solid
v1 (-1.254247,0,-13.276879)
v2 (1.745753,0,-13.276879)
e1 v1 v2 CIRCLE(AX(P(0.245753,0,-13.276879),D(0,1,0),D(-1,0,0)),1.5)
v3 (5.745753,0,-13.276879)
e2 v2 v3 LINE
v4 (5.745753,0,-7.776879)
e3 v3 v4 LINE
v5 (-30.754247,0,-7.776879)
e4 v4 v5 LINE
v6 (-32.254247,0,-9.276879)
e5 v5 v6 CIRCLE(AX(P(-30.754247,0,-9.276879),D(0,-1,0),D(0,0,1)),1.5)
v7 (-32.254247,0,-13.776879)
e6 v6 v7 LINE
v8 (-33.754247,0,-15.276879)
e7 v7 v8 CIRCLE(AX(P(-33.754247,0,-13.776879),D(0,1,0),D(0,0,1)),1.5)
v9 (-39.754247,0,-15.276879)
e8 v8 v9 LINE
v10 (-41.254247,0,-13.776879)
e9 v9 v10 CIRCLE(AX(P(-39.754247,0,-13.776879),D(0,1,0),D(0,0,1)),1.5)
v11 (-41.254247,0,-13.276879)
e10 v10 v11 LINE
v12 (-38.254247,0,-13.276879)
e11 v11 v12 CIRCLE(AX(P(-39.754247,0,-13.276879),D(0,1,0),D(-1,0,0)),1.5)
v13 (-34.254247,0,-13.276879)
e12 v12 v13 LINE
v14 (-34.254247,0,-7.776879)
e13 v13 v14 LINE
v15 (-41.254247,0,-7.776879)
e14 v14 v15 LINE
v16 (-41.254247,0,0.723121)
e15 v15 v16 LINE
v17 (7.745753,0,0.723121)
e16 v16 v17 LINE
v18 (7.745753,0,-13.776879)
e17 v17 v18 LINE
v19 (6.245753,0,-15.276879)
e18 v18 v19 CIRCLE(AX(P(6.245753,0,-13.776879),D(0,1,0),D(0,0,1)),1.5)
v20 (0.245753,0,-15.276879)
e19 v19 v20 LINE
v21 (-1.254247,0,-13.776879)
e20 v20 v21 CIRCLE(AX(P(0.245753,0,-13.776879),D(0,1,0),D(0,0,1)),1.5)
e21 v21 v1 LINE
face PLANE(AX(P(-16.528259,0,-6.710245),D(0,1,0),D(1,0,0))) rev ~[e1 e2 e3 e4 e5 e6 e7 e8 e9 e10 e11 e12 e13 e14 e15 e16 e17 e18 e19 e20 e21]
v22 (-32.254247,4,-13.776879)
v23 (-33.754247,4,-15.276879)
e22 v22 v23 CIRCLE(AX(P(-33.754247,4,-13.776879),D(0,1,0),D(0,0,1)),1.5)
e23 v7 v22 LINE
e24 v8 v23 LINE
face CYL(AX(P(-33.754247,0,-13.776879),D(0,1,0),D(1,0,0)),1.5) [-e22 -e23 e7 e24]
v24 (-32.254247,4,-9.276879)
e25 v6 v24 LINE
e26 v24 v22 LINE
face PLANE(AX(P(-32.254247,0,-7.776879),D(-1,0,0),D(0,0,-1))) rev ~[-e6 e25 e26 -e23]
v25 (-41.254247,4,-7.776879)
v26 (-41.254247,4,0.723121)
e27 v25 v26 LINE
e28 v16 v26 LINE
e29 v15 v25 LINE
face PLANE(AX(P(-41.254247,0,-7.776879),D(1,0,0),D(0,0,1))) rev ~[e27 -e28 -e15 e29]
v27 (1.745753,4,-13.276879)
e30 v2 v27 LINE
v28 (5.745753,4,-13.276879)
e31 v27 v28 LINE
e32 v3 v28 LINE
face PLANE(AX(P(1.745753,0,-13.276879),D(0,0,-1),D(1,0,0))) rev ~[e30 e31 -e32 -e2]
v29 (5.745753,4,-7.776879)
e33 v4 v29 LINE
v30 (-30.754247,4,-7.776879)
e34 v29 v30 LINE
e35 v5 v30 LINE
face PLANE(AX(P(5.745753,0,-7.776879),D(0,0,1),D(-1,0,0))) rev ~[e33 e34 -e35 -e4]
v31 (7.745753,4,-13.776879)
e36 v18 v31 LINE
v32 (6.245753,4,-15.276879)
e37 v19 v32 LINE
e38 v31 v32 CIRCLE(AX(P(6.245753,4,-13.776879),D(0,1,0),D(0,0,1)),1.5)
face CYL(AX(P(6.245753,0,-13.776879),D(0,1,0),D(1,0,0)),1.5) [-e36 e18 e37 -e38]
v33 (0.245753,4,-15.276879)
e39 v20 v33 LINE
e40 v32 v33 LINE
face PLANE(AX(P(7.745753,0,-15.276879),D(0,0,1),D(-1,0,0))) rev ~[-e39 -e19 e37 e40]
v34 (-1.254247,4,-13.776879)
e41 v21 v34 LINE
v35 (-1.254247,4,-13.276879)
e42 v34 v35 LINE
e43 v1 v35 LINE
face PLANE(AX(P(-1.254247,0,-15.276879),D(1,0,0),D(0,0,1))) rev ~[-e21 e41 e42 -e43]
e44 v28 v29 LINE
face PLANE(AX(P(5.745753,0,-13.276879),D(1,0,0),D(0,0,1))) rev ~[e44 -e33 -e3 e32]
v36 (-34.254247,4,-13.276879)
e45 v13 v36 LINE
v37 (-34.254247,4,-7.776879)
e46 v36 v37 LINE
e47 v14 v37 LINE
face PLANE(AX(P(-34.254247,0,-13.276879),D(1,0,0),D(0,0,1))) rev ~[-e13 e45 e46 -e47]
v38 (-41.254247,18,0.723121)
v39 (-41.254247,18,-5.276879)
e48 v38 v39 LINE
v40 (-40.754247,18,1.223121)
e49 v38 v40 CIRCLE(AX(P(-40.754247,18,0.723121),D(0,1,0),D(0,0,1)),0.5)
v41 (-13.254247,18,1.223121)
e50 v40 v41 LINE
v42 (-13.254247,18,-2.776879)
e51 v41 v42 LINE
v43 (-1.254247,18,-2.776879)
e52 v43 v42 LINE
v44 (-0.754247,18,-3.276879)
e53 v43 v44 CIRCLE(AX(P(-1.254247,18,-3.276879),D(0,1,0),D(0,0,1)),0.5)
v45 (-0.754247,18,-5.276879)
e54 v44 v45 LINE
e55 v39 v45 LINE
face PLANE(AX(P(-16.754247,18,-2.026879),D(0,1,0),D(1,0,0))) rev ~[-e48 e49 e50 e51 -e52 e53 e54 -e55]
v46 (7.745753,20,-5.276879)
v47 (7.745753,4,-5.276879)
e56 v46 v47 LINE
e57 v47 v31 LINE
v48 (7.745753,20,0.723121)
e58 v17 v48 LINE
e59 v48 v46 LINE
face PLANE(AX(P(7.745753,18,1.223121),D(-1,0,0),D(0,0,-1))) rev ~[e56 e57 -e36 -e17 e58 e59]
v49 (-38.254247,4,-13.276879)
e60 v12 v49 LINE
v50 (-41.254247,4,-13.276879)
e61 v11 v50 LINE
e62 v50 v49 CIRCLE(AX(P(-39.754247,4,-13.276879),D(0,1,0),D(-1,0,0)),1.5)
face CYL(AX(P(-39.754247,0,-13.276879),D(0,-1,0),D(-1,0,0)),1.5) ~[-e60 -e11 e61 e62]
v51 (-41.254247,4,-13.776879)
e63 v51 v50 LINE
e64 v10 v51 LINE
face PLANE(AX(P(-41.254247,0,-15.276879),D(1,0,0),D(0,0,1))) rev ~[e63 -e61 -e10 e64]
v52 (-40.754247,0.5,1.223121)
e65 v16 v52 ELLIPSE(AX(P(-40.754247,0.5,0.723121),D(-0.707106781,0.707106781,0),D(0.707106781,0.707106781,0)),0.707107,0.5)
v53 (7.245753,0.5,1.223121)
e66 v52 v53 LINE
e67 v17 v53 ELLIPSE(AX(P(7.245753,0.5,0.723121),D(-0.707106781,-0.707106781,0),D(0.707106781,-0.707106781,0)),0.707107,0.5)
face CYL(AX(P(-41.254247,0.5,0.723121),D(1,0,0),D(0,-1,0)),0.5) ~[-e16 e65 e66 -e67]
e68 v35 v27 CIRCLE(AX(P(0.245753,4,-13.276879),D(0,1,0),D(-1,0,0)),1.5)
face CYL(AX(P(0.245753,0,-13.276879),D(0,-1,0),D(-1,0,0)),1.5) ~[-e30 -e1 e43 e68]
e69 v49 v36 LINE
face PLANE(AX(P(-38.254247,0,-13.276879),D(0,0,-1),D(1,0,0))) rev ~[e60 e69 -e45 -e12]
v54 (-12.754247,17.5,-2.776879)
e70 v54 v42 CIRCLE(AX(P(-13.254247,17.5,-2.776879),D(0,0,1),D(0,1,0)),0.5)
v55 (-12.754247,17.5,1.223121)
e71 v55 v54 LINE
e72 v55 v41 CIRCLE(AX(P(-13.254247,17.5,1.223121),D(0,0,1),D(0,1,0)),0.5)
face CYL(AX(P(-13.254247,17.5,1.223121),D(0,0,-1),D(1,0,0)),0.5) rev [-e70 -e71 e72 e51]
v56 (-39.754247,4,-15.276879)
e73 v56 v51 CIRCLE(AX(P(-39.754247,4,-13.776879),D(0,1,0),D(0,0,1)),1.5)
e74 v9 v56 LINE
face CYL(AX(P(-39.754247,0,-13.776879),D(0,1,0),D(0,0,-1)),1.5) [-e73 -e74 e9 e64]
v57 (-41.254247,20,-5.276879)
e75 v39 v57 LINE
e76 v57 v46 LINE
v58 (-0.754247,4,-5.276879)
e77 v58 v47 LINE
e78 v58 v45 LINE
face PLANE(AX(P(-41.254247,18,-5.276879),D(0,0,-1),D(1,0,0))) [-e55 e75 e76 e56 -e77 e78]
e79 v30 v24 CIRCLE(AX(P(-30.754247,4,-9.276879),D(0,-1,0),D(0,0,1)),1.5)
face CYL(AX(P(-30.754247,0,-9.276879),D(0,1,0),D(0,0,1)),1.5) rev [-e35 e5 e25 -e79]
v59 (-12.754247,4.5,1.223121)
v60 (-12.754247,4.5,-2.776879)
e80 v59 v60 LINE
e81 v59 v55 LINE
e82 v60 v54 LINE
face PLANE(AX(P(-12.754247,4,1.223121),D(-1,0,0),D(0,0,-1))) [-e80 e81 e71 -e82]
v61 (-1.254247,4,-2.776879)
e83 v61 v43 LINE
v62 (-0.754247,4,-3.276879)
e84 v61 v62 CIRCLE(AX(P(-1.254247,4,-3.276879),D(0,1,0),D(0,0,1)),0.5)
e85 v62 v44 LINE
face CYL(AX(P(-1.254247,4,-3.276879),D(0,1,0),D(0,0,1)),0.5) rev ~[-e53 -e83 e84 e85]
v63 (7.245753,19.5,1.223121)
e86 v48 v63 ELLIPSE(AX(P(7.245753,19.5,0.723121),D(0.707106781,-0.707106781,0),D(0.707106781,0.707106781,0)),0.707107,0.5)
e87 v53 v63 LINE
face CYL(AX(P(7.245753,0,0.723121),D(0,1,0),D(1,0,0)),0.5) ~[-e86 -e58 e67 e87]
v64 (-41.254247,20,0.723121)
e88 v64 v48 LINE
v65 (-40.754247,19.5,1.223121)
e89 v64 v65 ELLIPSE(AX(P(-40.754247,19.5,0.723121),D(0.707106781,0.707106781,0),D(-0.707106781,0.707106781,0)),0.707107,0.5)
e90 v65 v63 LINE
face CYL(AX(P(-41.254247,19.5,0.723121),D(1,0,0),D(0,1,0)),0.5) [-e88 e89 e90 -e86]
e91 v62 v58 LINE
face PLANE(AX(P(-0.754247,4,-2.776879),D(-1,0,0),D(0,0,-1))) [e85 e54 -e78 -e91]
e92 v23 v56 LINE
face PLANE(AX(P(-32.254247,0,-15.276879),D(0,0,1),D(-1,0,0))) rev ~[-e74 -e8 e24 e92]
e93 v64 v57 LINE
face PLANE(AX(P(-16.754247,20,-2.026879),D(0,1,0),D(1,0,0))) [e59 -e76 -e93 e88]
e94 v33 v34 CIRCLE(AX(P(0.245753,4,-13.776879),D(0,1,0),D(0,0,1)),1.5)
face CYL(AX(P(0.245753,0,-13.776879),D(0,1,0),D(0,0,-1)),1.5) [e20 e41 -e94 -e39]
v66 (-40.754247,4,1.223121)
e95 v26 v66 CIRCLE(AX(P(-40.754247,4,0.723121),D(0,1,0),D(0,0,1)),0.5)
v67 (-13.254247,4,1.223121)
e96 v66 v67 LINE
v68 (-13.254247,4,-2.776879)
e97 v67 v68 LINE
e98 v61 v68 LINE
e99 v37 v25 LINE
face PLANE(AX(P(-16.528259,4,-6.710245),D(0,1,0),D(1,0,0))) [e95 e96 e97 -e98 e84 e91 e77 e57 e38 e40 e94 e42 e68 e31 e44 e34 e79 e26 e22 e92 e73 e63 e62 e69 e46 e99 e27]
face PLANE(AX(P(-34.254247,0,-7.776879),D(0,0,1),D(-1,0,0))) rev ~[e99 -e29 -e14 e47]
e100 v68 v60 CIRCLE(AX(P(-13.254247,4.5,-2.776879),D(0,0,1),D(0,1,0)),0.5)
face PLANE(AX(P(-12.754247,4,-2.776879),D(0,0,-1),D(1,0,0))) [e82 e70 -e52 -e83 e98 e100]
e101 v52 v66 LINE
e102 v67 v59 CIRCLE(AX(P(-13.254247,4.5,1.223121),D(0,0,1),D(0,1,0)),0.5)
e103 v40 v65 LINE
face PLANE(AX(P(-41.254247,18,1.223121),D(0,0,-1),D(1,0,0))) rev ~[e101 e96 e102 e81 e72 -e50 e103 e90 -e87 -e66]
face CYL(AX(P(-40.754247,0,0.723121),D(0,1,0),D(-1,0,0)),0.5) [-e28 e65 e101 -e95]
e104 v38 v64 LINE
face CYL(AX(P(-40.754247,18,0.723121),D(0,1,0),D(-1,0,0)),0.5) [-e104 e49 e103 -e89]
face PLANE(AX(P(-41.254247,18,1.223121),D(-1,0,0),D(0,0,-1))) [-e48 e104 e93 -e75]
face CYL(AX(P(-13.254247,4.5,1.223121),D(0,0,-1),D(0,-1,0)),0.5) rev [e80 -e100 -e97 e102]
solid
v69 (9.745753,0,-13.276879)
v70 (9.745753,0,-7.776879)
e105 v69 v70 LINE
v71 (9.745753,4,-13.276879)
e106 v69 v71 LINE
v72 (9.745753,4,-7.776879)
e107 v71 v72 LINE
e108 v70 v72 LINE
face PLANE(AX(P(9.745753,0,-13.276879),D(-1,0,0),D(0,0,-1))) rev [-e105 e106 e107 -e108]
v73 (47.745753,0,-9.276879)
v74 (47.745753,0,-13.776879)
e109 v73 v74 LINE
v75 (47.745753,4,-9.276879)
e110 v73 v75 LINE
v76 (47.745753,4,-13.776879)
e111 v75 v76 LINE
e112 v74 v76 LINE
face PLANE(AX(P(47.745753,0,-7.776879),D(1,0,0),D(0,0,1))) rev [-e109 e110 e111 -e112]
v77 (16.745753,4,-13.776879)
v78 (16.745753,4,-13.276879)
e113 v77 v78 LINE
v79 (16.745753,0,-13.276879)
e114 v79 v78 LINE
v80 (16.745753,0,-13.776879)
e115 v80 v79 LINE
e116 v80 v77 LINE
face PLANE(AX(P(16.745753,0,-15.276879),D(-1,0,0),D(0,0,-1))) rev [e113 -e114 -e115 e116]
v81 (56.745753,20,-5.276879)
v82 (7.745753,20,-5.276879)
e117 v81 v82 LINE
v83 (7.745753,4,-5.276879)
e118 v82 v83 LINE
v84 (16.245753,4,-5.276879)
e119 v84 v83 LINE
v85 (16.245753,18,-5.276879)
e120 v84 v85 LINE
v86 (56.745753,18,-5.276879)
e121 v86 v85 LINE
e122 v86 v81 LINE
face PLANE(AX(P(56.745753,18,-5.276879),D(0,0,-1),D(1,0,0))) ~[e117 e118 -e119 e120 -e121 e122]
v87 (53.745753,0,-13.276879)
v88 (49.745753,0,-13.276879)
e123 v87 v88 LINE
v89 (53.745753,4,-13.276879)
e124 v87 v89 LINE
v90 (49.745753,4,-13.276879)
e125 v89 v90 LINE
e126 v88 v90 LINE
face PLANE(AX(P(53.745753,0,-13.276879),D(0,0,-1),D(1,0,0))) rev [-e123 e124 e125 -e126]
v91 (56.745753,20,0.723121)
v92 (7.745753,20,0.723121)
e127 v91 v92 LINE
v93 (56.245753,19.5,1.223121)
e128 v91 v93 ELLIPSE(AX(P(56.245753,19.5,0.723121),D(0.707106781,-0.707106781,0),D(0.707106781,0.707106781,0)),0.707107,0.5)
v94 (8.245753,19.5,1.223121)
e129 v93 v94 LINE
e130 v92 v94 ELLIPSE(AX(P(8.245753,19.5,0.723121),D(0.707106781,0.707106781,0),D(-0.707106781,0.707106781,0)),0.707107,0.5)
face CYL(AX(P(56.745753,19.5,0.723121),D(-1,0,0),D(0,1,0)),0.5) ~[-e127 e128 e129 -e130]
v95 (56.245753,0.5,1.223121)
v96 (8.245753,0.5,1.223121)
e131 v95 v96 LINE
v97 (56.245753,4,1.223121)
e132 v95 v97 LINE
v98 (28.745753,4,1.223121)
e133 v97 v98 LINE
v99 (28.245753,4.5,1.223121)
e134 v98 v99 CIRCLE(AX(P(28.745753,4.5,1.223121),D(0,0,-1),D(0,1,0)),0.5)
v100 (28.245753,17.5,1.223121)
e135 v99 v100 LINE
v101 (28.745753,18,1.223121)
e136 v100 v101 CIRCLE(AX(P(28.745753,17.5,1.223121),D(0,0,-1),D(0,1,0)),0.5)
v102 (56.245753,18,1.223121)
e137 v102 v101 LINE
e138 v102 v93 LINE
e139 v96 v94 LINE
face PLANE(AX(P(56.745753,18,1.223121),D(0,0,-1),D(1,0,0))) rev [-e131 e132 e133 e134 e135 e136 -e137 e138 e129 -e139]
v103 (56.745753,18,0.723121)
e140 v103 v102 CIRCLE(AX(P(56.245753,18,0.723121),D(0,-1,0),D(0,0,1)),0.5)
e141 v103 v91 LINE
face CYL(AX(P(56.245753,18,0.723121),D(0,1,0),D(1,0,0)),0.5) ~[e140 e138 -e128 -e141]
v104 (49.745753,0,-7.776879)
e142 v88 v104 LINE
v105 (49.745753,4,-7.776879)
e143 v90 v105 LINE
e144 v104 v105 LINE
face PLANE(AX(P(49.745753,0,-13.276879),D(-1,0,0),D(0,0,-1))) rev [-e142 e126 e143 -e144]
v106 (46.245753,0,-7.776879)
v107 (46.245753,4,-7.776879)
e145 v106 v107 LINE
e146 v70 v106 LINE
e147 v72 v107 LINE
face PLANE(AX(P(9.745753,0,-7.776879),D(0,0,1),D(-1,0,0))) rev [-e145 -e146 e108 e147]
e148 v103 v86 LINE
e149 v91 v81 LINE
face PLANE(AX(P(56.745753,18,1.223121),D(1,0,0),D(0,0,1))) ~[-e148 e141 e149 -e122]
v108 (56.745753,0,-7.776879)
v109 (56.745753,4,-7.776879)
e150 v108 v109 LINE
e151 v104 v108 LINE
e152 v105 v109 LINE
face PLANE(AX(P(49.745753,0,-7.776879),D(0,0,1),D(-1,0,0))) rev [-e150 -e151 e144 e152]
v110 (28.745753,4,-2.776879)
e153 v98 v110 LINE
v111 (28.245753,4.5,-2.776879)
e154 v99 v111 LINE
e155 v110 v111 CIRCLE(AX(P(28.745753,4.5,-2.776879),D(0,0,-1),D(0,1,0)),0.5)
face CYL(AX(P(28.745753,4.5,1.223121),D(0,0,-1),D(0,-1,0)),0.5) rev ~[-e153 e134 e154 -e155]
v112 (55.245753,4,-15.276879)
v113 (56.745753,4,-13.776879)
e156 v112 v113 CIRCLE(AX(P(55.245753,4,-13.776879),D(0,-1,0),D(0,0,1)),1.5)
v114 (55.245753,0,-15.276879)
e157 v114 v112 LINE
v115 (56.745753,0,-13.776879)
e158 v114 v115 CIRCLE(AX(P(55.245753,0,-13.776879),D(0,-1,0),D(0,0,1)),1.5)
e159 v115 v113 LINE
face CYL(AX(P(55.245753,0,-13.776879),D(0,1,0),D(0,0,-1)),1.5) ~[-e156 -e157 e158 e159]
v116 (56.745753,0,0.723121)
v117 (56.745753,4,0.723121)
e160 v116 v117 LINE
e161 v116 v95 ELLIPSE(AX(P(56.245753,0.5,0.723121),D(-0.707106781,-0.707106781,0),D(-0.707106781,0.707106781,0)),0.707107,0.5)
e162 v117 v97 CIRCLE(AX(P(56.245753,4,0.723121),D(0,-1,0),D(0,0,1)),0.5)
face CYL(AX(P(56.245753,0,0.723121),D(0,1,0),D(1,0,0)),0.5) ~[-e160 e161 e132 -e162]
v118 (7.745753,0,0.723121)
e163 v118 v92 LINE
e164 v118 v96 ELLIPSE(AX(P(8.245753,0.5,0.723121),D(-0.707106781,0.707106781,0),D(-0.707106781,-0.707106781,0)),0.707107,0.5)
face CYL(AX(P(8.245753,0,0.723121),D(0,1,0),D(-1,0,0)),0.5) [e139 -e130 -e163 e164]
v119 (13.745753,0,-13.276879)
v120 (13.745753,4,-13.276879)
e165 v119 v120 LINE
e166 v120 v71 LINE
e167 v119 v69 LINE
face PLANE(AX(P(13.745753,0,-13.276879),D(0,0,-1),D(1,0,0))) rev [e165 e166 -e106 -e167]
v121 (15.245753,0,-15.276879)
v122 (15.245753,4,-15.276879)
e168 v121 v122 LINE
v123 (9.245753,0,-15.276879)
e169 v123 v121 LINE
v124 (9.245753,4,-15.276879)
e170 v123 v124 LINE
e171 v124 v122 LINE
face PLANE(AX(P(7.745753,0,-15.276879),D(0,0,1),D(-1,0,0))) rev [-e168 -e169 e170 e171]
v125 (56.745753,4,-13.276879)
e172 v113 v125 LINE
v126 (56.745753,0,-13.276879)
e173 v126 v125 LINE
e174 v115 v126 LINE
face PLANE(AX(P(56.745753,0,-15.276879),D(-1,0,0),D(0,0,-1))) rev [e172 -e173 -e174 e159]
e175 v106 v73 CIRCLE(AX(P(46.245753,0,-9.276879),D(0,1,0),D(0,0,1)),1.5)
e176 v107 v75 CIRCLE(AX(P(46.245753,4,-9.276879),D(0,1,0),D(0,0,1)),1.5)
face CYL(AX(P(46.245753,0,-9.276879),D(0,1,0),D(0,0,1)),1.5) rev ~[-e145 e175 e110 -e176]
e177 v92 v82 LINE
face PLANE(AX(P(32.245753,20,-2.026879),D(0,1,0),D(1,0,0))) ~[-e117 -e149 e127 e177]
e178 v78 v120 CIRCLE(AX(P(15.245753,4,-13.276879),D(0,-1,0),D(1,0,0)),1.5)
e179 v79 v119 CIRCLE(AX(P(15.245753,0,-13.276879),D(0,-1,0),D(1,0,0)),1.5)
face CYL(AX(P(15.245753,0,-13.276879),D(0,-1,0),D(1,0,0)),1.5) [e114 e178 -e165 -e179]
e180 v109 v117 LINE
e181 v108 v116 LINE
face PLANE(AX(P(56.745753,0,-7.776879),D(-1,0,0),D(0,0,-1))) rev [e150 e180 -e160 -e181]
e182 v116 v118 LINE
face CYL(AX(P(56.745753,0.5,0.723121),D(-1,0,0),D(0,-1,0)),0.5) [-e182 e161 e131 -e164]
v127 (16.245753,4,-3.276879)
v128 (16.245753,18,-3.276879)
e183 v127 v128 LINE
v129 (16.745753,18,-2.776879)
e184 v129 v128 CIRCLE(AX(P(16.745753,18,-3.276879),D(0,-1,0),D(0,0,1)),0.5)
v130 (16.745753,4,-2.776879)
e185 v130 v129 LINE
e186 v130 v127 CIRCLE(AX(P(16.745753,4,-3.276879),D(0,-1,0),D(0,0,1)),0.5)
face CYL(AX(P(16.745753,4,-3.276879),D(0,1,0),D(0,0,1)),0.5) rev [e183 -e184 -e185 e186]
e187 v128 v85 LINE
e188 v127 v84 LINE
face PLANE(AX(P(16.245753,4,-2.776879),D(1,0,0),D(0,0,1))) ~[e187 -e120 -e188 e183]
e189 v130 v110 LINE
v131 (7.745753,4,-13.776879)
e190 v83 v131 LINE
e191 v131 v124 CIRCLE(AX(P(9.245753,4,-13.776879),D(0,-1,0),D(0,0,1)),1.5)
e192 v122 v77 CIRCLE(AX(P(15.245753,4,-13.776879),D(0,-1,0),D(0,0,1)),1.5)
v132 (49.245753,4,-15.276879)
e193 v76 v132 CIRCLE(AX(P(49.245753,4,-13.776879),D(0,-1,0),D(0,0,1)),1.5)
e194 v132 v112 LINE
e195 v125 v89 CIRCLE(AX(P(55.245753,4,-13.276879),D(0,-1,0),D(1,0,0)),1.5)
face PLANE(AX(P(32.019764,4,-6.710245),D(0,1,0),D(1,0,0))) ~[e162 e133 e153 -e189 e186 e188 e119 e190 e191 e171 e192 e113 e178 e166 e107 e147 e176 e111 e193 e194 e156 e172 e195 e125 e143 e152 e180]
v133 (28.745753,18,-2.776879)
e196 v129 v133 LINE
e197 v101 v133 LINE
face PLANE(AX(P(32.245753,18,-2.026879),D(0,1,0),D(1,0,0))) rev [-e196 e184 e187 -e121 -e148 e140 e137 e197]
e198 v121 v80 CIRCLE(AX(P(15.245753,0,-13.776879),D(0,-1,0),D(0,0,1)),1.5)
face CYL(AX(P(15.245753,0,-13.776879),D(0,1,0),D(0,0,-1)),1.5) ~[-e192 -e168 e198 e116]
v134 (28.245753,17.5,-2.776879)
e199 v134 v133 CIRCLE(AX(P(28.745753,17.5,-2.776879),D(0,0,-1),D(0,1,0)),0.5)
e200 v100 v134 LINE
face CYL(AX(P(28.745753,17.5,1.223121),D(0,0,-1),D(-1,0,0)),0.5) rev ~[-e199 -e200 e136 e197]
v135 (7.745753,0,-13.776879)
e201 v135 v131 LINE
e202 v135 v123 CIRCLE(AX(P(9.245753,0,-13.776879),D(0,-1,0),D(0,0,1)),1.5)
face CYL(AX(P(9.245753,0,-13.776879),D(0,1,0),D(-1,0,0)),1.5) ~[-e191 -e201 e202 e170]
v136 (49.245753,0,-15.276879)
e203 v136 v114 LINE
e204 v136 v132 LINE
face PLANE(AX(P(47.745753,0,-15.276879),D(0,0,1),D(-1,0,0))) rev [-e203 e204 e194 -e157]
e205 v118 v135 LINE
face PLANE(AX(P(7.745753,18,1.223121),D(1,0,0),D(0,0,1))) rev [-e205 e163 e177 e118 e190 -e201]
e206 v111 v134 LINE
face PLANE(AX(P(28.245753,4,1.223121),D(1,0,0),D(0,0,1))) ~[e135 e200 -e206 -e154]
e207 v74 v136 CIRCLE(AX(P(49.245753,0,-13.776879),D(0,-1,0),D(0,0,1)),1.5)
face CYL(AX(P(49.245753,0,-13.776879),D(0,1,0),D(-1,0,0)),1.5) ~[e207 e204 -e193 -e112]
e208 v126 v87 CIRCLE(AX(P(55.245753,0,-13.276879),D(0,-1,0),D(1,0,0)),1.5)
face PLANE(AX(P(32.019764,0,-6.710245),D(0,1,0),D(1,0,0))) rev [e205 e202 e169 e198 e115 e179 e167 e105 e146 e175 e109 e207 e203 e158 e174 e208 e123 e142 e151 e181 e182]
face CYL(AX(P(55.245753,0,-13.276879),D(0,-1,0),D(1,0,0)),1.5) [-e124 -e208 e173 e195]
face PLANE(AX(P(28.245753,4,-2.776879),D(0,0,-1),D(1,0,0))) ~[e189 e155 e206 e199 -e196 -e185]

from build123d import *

# Parameters (mm, degrees)
EXTRUDE_1_DEPTH = 4
FILLET_1_R      = 1.5
EXTRUDE_2_DEPTH = 14
SKETCH_3_W      = 49
SKETCH_3_H      = 6.5
EXTRUDE_3_DEPTH = 2
FILLET_2_R      = 0.5
FILLET_3_R      = 1.5


with BuildPart() as part:
    # 草图1 → 凸台-拉伸1 (new body)
    with BuildSketch(Plane(origin=(0, 0, 0), x_dir=(1, 0, 0), z_dir=(0, 1, 0))):
        with BuildLine():
            Line((-34.254247299, 7.776879268), (-41.254247299, 7.776879268))
            Line((-41.254247299, 7.776879268), (-41.254247299, -1.223120732))
            Line((-41.254247299, -1.223120732), (7.745752701, -1.223120732))
            Line((7.745752701, -1.223120732), (7.745752701, 7.776879268))
            Line((7.745752701, 7.776879268), (7.745752701, 12.776879268))
            Line((7.745752701, 12.776879268), (7.745752701, 15.276879268))
            Line((7.745752701, 15.276879268), (5.745752701, 15.276879268))
            Line((5.745752701, 15.276879268), (-1.254247299, 15.276879268))
            Line((-1.254247299, 15.276879268), (-1.254247299, 13.276879268))
            ThreePointArc((-1.254247299, 13.276879268), (0.245752701, 11.776879268), (1.745752701, 13.276879268))
            Line((1.745752701, 13.276879268), (5.745752701, 13.276879268))
            Line((5.745752701, 13.276879268), (5.745752701, 7.776879268))
            Line((5.745752701, 7.776879268), (-32.254247299, 7.776879268))
            Line((-32.254247299, 7.776879268), (-32.254247299, 15.276879268))
            Line((-32.254247299, 15.276879268), (-34.254247299, 15.276879268))
            Line((-34.254247299, 15.276879268), (-41.254247299, 15.276879268))
            Line((-41.254247299, 15.276879268), (-41.254247299, 13.276879268))
            ThreePointArc((-41.254247299, 13.276879268), (-39.754247299, 11.776879268), (-38.254247299, 13.276879268))
            Line((-38.254247299, 13.276879268), (-34.254247299, 13.276879268))
            Line((-34.254247299, 13.276879268), (-34.254247299, 7.776879268))
        make_face()
    extrude(amount=EXTRUDE_1_DEPTH)

    # 圆角1
    fillet_1_edges = [part.edges().sort_by_distance(p)[0] for p in [
        (-41.254247299, 2, -15.276879268),
        (-32.254247299, 2, -15.276879268),
        (-1.254247299, 2, -15.276879268),
        (7.745752701, 2, -15.276879268),
    ]]
    fillet(fillet_1_edges, radius=FILLET_1_R)

    # 草图2 → 凸台-拉伸2 (add)
    with BuildSketch(Plane(origin=(0, 4, 0), x_dir=(1, 0, 0), z_dir=(0, 1, 0))):
        Polygon((7.745752701, -1.223120732), (-0.754247299, -1.223120732), (-12.754247299, -1.223120732), (-12.754247299, 2.776879268), (-0.754247299, 2.776879268), (-0.754247299, 5.276879268), (7.745752701, 5.276879268), align=None)
    extrude(amount=EXTRUDE_2_DEPTH)

    # 草图3 → 凸台-拉伸3 (add)
    with BuildSketch(Plane(origin=(0, 18, 0), x_dir=(1, 0, 0), z_dir=(0, 1, 0))):
        with Locations((-16.754247299, 2.026879268)):
            Rectangle(SKETCH_3_W, SKETCH_3_H)
    extrude(amount=EXTRUDE_3_DEPTH)

    # 圆角2
    fillet_2_edges = [part.edges().sort_by_distance(p)[0] for p in [
        (-0.754247299, 11, -2.776879268),
        (-12.754247299, 4, -0.776879268),
        (-12.754247299, 18, -0.776879268),
        (-41.254247299, 19, 1.223120732),
        (-16.754247299, 20, 1.223120732),
        (-16.754247299, 0, 1.223120732),
        (7.745752701, 10, 1.223120732),
        (-41.254247299, 2, 1.223120732),
    ]]
    fillet(fillet_2_edges, radius=FILLET_2_R)

    # 圆角3
    fillet_3_edges = [part.edges().sort_by_distance(p)[0] for p in [
        (-32.254247299, 2, -7.776879268),
    ]]
    fillet(fillet_3_edges, radius=FILLET_3_R)


with BuildPart() as body_2:
    # 镜向1: mirrored copy
    add(part.part.mirror(Plane(origin=(7.745752701, 4, 0), x_dir=(0, 0, 1), z_dir=(1, 0, 0))))


solid = Compound([part.part, body_2.part])
